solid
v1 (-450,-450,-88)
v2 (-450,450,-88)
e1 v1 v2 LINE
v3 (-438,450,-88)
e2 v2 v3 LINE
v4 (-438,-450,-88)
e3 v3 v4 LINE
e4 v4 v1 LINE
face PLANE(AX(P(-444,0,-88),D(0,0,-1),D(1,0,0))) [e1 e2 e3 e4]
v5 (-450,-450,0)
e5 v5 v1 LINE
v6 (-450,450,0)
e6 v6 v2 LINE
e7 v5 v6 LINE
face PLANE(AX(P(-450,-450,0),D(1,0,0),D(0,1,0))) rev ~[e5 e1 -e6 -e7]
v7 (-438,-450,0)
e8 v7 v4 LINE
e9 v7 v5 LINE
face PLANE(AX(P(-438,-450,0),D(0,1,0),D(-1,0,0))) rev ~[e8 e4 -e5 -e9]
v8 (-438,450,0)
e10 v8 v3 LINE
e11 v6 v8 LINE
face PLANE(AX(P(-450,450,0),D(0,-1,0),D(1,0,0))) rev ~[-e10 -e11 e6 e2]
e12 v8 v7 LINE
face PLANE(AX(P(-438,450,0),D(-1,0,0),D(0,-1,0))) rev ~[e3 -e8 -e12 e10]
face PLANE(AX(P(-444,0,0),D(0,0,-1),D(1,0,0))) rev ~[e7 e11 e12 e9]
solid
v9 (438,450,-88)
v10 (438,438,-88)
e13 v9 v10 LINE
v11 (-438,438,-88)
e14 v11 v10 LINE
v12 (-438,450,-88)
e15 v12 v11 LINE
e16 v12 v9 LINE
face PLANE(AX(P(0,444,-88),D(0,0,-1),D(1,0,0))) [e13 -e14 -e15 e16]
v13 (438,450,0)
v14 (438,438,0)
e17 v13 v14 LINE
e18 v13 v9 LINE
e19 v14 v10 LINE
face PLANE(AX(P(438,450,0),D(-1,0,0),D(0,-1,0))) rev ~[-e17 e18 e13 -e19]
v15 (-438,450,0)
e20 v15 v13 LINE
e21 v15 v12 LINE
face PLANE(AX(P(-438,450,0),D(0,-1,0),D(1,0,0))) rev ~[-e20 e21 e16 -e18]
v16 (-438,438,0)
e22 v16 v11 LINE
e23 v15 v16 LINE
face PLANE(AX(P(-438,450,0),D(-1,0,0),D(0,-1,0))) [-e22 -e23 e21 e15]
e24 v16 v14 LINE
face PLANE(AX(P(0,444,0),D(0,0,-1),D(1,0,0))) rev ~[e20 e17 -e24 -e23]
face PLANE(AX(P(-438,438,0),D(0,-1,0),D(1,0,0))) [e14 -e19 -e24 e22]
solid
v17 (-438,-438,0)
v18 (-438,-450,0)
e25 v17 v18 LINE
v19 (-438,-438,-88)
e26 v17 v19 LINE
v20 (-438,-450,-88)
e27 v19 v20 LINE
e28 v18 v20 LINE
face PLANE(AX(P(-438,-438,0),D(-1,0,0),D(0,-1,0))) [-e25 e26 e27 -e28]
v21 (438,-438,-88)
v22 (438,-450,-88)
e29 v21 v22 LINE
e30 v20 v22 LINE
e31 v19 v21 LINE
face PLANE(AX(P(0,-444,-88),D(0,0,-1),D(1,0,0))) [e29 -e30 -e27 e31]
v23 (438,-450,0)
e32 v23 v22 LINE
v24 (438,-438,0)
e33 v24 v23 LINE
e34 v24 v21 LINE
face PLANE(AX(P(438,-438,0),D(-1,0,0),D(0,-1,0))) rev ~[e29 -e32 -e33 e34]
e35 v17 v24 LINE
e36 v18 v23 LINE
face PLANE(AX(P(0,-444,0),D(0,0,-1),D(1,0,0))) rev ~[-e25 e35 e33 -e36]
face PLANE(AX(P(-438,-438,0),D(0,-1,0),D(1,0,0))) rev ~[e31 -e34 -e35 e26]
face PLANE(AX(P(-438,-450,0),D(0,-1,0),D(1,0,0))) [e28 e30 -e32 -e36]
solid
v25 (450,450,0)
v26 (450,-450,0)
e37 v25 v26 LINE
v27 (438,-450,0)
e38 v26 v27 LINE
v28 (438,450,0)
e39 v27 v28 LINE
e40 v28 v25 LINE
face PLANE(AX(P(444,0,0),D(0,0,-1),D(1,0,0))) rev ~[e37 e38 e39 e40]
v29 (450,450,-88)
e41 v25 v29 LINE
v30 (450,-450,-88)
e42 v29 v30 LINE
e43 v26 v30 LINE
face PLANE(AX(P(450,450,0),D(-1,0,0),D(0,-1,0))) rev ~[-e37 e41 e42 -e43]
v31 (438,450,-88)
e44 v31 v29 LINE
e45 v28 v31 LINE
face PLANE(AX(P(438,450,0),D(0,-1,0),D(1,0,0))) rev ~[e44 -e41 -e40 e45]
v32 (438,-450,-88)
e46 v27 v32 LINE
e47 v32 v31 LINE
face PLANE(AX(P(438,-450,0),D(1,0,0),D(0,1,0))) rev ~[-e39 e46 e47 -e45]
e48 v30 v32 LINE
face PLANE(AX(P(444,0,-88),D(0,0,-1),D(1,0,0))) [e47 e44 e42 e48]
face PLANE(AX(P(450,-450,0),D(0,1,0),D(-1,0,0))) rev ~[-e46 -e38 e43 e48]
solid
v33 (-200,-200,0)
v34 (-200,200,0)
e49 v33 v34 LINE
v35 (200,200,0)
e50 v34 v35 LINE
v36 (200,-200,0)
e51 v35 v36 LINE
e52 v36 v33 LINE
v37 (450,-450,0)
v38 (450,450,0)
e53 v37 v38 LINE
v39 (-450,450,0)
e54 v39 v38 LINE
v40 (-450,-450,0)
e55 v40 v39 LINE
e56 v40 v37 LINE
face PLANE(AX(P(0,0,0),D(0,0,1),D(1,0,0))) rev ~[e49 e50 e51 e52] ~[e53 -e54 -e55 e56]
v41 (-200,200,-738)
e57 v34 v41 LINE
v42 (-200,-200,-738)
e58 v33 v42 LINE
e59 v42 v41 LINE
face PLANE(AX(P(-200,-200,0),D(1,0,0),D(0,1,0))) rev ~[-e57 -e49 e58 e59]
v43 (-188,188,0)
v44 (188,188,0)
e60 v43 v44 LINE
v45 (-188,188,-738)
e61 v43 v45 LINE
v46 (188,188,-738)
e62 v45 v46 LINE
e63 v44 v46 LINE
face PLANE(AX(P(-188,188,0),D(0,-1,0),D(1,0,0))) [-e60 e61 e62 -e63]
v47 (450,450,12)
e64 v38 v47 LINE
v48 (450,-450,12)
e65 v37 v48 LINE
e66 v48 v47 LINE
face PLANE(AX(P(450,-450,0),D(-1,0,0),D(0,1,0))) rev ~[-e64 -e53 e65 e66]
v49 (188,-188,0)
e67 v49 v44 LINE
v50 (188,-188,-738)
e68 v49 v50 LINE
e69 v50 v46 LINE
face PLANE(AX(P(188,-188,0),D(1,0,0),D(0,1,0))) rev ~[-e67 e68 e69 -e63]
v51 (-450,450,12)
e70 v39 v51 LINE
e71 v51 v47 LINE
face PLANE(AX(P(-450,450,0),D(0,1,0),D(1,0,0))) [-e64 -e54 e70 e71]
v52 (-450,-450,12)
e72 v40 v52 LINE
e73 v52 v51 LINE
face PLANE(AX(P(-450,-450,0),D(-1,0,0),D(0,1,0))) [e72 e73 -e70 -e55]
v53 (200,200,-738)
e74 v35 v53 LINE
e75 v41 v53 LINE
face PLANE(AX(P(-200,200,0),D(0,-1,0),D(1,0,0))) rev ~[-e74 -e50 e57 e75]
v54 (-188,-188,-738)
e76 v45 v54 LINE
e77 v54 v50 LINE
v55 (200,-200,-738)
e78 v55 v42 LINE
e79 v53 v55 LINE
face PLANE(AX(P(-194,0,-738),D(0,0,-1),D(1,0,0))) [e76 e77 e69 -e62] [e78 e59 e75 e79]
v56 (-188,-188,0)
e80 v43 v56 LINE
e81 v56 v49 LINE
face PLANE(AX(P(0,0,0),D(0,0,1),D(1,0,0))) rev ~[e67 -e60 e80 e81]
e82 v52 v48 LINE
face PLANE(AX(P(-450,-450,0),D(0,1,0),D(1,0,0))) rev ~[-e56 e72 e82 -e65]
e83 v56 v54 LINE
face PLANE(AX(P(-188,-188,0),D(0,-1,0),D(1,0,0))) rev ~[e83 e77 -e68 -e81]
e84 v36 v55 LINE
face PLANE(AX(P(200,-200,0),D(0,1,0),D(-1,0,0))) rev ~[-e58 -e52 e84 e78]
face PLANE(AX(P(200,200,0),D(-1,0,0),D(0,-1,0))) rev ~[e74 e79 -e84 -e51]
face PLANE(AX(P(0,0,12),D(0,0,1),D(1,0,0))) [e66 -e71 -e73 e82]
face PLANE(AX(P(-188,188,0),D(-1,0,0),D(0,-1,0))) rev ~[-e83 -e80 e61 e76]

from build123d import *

# Parameters (mm, degrees)
F0_W     = 900
F0_H     = 900
F1_DEPTH = 12
F3_DEPTH = 88
F2_W     = 876
F2_H     = 12
F4_DEPTH = 88
F5_DEPTH = 88
F6_DEPTH = 88
F7_W     = 376
F7_H     = 12
F8_DEPTH = 738


with BuildPart() as f1:
    # F0 (on Top) → F1 (new body)
    with BuildSketch(Plane.XY):
        Rectangle(F0_W, F0_H)
    extrude(amount=F1_DEPTH)

    # F7 (on face) → F8 (join)
    with BuildSketch(Plane(origin=(0, 0, 0), x_dir=(1, 0, 0), z_dir=(0, 0, -1))):
        Polygon((-188, 200), (-200, 200), (-200, -200), (-188, -200), (-188, -188), (-188, 188), align=None)
        with Locations((0, 194)):
            Rectangle(F7_W, F7_H)
        Polygon((200, 200), (188, 200), (188, 188), (188, -188), (188, -200), (200, -200), align=None)
        with Locations((0, -194)):
            Rectangle(F7_W, F7_H)
    extrude(amount=F8_DEPTH)


with BuildPart() as f3:
    # F2 (on face) → F3 (new body)
    with BuildSketch(Plane(origin=(0, 0, 0), x_dir=(1, 0, 0), z_dir=(0, 0, -1))):
        Polygon((-438, 450), (-450, 450), (-450, -450), (-438, -450), (-438, -438), (-438, 438), align=None)
    extrude(amount=F3_DEPTH)


with BuildPart() as f4:
    # F2 (on face) → F4 (new body)
    with BuildSketch(Plane(origin=(0, 0, 0), x_dir=(1, 0, 0), z_dir=(0, 0, -1))):
        with Locations((0, 444)):
            Rectangle(F2_W, F2_H)
    extrude(amount=F4_DEPTH)


with BuildPart() as f5:
    # F2 (on face) → F5 (new body)
    with BuildSketch(Plane(origin=(0, 0, 0), x_dir=(1, 0, 0), z_dir=(0, 0, -1))):
        Polygon((450, 450), (438, 450), (438, 438), (438, -438), (438, -450), (450, -450), align=None)
    extrude(amount=F5_DEPTH)


with BuildPart() as f6:
    # F2 (on face) → F6 (new body)
    with BuildSketch(Plane(origin=(0, 0, 0), x_dir=(1, 0, 0), z_dir=(0, 0, -1))):
        with Locations((0, -444)):
            Rectangle(F2_W, F2_H)
    extrude(amount=F6_DEPTH)


solid = Compound([f1.part, f3.part, f4.part, f5.part, f6.part])
